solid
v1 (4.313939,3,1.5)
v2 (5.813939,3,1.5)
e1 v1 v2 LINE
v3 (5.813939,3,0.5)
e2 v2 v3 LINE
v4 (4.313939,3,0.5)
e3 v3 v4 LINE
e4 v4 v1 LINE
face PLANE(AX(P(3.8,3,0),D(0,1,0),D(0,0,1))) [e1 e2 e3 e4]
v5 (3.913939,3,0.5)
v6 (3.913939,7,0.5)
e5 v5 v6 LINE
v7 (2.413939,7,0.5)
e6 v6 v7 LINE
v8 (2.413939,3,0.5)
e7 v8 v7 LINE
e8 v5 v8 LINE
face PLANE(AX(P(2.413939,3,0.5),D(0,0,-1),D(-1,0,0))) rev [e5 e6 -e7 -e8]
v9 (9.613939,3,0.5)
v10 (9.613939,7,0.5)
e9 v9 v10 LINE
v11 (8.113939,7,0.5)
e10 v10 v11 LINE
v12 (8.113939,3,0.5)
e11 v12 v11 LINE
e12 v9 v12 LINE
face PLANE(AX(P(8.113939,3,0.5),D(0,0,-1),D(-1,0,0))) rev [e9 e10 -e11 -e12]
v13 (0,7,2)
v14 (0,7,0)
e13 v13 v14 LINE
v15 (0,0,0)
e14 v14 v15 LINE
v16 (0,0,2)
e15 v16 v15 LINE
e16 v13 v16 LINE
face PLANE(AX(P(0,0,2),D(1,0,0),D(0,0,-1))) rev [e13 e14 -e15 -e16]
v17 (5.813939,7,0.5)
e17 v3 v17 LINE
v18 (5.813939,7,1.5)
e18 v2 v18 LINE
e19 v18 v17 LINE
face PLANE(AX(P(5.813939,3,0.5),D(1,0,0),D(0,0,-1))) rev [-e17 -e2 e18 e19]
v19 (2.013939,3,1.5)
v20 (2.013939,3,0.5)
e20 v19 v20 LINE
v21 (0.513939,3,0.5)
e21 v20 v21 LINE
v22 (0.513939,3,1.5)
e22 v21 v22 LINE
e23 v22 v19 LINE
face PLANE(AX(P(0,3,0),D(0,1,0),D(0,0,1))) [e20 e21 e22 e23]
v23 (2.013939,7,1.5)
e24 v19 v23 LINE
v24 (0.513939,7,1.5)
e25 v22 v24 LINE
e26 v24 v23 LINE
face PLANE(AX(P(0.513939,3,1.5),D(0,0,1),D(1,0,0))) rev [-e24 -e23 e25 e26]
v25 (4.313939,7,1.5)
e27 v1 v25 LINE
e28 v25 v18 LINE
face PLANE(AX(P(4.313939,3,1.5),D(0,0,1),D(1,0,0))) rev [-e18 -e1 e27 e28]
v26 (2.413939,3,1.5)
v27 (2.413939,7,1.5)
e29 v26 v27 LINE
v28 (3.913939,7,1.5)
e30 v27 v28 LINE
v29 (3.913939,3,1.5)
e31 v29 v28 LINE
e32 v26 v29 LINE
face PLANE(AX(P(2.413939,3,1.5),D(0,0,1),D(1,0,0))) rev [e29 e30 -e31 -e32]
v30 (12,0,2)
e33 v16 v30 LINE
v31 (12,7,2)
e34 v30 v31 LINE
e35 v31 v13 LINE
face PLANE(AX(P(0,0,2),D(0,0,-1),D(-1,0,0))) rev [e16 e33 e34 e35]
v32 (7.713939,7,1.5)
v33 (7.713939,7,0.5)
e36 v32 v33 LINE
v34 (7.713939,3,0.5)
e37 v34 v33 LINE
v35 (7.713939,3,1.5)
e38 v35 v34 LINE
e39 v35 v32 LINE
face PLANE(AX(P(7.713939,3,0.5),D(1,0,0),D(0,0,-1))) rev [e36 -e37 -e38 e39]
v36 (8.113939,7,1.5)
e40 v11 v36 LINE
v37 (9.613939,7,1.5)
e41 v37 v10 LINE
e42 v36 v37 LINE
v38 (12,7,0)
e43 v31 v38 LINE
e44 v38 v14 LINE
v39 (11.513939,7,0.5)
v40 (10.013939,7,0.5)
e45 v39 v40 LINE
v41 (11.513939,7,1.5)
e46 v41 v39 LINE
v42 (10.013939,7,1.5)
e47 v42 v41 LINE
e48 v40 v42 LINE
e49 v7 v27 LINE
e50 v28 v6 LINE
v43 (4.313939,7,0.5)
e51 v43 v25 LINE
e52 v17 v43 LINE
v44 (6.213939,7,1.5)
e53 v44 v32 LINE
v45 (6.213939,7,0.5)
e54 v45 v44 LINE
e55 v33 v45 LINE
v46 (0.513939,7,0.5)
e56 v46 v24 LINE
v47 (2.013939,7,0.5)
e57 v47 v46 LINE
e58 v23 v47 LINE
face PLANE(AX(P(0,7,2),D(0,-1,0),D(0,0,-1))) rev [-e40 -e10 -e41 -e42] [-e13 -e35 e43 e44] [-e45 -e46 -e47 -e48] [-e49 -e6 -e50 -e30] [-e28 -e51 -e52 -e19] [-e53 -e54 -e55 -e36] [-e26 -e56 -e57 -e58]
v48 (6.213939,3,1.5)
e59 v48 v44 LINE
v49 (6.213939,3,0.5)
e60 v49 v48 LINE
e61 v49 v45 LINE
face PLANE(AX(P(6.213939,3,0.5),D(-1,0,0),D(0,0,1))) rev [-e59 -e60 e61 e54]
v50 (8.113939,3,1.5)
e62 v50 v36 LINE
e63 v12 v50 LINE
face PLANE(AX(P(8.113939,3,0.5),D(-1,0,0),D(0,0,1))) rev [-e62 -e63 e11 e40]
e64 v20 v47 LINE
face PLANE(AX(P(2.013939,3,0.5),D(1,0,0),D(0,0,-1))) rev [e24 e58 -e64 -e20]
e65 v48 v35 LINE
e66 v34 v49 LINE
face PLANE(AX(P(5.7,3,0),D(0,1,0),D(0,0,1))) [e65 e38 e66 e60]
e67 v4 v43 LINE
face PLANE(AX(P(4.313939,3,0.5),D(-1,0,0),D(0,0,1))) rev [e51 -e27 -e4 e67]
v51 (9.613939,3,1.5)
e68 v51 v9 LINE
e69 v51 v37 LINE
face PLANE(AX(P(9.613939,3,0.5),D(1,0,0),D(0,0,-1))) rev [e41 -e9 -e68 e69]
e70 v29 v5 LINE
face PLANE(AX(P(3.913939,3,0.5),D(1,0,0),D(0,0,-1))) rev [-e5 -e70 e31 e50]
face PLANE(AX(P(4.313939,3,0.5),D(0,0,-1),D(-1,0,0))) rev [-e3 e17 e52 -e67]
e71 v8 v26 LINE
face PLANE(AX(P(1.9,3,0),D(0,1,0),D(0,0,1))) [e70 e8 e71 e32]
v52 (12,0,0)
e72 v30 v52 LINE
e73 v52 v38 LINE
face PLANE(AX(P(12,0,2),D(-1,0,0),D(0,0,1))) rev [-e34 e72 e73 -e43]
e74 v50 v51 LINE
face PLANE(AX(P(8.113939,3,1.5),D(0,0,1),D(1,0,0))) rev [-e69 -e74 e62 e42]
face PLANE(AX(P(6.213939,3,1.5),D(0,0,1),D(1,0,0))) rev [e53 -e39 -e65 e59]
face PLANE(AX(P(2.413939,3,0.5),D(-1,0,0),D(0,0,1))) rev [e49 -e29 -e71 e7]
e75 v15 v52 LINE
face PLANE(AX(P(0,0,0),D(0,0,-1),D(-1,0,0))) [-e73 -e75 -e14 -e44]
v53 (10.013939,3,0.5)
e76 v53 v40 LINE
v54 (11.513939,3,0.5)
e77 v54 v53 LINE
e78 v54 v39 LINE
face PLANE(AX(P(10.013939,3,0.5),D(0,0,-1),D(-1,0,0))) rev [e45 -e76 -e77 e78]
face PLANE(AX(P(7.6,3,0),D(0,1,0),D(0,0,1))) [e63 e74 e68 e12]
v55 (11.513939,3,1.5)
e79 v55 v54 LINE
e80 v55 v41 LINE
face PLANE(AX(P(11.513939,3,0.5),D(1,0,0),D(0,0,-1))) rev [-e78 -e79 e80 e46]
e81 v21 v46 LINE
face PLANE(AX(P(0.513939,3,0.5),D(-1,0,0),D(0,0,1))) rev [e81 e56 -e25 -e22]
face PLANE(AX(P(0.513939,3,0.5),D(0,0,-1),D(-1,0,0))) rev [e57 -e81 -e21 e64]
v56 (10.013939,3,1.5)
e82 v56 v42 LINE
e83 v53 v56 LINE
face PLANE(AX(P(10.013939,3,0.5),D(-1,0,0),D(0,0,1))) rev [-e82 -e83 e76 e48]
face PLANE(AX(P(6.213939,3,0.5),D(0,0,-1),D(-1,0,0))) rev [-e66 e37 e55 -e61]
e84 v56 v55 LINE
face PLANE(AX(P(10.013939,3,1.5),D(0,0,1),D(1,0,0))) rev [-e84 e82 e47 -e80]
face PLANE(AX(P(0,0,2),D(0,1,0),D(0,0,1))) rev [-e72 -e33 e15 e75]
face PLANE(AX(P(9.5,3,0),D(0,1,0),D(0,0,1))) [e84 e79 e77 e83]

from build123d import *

# Parameters (mm, degrees)
SKETCH1_W           = 12
SKETCH1_H           = 7
BOSS_EXTRUDE1_DEPTH = 2
SKETCH3_W           = 1.5
SKETCH3_H           = 1
CUT_EXTRUDE1_DEPTH  = 4
LPATTERN1_COUNT     = 6
LPATTERN1_PITCH     = 1.9


with BuildPart() as part:
    # Sketch1 → Boss-Extrude1 (new body)
    with BuildSketch(Plane.XY):
        with Locations((6, 3.5)):
            Rectangle(SKETCH1_W, SKETCH1_H)
    extrude(amount=BOSS_EXTRUDE1_DEPTH)

    # Sketch3 → Cut-Extrude1 (cut)
    with BuildSketch(Plane(origin=(0, 7, 0), x_dir=(1, 0, 0), z_dir=(0, 1, 0))):
        with Locations((1.263938608, -1)):
            Rectangle(SKETCH3_W, SKETCH3_H)
    cut_extrude1 = extrude(amount=-CUT_EXTRUDE1_DEPTH, mode=Mode.SUBTRACT)

    # LPattern1: Cut-Extrude1 ×6
    with Locations(*[(i * LPATTERN1_PITCH, 0, 0) for i in range(1, LPATTERN1_COUNT)]):
        add(cut_extrude1, mode=Mode.SUBTRACT)


solid = part.part
